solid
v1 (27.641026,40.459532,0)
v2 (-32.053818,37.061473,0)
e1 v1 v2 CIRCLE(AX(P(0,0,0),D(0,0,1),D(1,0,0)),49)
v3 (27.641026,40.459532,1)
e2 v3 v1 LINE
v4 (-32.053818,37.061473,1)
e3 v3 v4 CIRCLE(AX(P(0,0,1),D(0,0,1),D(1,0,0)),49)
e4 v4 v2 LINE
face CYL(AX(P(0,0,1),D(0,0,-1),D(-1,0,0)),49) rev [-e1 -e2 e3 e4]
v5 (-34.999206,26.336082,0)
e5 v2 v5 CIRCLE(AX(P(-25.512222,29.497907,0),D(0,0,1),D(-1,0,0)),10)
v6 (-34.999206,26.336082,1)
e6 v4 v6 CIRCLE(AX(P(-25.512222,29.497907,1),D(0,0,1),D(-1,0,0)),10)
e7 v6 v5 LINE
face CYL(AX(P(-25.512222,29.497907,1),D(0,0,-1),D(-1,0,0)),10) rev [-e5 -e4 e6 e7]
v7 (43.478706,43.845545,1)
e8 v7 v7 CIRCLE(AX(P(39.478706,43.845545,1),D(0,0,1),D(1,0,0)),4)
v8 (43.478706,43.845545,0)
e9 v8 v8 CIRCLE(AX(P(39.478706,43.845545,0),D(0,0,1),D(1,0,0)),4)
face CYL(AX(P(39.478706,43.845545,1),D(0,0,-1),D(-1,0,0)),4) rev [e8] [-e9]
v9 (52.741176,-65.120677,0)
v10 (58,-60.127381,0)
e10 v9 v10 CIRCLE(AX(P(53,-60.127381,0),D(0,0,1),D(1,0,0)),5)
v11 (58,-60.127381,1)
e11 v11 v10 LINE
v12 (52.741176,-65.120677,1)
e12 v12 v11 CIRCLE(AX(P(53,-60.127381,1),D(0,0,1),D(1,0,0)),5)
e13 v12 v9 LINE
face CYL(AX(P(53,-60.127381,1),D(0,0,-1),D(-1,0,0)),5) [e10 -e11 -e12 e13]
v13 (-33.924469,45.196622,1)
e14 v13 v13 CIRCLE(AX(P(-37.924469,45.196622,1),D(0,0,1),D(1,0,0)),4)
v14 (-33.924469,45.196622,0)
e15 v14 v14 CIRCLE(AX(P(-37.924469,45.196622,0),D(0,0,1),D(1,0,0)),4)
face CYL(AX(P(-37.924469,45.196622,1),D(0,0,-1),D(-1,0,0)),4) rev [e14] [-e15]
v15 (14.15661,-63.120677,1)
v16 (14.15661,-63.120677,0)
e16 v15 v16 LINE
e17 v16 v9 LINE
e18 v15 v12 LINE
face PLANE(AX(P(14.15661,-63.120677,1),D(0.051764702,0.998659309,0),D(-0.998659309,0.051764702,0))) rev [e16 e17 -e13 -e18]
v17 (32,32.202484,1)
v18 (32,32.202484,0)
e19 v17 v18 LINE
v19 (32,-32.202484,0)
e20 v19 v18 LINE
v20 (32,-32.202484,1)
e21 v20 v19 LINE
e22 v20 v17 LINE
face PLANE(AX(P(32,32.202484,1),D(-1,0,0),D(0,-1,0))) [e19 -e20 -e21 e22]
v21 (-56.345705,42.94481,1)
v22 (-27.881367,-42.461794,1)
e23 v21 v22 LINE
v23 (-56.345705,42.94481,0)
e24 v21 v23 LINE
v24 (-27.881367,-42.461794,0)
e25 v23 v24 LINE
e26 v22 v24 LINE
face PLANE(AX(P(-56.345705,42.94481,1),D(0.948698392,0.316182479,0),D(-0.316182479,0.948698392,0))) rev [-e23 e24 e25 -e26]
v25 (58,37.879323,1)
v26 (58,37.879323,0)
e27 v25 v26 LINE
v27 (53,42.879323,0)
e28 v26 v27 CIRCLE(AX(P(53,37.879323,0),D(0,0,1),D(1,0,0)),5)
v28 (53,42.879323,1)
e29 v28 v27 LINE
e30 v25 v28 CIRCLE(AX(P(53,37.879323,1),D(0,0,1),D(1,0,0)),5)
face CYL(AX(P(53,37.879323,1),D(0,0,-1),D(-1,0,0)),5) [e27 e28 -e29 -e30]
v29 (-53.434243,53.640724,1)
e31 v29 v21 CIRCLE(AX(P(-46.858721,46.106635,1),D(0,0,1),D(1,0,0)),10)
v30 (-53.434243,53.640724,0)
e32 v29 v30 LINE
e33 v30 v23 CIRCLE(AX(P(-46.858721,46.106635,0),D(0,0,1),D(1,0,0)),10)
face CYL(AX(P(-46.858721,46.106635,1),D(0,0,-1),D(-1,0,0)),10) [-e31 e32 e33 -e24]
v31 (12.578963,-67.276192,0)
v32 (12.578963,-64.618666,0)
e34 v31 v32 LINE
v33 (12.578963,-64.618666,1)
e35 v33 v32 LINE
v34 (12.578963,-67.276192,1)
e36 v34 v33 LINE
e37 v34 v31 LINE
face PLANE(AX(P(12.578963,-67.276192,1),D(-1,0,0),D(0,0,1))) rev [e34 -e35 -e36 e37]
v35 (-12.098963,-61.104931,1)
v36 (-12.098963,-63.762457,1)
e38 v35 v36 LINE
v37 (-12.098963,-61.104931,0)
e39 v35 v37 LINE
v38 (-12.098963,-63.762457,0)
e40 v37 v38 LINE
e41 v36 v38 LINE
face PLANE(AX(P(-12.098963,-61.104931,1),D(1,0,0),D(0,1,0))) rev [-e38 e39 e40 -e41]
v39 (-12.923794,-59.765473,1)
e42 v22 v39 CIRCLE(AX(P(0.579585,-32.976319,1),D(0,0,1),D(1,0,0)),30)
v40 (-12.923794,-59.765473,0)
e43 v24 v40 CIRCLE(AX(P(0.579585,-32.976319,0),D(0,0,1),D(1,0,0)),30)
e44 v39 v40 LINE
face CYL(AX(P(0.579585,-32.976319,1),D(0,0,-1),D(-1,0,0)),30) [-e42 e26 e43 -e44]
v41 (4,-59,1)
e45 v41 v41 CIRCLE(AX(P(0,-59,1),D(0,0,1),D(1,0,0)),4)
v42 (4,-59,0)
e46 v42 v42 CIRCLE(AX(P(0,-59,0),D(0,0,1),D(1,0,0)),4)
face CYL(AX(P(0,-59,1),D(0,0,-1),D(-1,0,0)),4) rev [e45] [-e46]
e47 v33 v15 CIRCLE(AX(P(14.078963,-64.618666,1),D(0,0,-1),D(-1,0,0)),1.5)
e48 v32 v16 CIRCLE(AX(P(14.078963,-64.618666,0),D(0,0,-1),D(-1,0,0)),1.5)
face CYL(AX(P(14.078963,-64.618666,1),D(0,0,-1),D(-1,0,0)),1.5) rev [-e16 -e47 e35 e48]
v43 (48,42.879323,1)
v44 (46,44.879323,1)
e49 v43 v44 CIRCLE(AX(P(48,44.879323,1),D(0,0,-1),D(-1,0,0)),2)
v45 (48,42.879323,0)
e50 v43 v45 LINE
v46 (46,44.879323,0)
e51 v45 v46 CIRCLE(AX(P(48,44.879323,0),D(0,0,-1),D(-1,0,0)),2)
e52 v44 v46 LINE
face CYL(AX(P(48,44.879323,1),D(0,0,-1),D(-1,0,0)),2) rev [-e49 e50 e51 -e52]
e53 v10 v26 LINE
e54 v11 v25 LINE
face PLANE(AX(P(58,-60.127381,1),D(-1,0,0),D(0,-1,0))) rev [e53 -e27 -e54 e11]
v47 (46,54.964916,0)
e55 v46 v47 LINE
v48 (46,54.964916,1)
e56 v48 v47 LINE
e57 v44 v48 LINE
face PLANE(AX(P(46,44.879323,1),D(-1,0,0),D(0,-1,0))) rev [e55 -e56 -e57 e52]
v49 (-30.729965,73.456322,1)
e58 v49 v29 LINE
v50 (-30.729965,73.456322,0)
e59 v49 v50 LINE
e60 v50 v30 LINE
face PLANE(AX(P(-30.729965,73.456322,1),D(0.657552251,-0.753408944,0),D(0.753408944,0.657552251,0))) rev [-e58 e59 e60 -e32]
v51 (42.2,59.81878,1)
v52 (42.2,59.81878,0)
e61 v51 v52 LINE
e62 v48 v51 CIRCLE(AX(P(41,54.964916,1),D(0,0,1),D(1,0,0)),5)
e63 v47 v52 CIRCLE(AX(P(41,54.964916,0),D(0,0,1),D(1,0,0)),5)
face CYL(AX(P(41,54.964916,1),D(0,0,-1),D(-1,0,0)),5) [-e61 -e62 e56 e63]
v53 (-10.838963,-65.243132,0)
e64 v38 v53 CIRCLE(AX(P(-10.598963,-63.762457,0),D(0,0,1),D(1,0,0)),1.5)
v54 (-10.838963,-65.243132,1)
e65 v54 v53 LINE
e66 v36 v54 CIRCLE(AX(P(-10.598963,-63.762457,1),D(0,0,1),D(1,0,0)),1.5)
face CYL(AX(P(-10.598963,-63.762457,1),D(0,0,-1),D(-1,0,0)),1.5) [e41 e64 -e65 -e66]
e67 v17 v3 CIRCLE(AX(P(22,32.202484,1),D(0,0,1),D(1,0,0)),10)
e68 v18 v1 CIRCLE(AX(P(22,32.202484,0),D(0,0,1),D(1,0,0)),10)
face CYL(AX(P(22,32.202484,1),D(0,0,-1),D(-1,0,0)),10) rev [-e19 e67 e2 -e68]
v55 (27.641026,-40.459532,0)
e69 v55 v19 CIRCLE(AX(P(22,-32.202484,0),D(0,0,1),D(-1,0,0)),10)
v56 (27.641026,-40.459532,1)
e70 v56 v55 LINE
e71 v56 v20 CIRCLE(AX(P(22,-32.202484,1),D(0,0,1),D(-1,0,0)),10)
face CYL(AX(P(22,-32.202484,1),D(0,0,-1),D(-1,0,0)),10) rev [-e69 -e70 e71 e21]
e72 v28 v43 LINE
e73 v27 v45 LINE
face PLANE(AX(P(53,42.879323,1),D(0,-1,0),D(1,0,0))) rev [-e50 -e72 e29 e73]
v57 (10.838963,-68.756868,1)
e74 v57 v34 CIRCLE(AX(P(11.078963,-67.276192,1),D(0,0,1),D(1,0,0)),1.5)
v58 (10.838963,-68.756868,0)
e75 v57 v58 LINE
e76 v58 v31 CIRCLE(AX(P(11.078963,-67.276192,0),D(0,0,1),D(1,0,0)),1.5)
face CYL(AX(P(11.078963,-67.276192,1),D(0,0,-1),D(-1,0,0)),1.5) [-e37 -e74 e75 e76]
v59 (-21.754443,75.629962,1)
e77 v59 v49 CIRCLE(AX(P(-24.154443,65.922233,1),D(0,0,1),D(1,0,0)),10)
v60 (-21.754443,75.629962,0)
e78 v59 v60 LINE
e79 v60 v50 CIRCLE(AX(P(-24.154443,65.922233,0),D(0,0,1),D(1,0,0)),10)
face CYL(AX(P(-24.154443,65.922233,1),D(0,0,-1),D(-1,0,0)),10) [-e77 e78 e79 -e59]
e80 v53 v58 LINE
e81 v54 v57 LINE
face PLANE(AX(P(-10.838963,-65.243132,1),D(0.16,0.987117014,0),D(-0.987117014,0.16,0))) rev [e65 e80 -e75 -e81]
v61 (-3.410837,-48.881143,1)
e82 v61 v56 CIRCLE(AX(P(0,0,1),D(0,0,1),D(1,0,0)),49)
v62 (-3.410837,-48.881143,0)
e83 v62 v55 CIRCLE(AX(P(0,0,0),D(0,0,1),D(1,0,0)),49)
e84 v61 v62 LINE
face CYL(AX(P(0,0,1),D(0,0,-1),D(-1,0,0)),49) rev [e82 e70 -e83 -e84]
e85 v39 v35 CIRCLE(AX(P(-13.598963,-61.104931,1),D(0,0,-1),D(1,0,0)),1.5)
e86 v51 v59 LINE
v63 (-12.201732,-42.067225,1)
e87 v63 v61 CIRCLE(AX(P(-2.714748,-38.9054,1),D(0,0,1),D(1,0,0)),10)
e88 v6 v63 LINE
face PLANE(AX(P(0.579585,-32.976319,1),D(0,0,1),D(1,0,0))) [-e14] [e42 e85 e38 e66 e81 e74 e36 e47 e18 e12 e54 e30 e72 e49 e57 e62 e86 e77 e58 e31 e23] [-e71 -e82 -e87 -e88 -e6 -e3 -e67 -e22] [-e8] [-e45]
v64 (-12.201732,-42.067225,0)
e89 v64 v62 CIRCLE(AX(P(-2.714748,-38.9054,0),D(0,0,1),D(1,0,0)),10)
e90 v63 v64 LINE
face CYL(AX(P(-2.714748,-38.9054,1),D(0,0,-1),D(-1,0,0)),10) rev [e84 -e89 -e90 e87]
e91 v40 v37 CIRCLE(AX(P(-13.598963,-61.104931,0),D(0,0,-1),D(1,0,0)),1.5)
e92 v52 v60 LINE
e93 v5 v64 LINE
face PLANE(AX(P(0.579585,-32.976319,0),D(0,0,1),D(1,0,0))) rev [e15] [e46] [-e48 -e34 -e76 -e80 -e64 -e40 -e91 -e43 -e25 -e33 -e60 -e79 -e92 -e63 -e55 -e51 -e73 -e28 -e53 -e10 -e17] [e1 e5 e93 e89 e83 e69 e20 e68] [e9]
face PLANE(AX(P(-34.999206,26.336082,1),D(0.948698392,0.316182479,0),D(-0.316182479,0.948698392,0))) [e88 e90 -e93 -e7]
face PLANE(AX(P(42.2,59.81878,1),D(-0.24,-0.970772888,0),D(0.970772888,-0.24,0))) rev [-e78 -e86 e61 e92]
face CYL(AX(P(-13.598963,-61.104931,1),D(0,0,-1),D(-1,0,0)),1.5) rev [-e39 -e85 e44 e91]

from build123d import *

# Parameters (mm, degrees)
SKETCH1_R         = 4
BUMPER_LINK_DEPTH = 1


with BuildPart() as part:
    # Sketch1 → Bumper link (new body)
    with BuildSketch(Plane.XY):
        with BuildLine():
            Line((-12.098962679, -61.104930733), (-12.098962679, -63.762456748))
            ThreePointArc((-12.098962679, -63.762456748), (-11.741328645, -64.734567853), (-10.838962679, -65.24313227))
            Line((-10.838962679, -65.24313227), (10.838962679, -68.75686773))
            ThreePointArc((10.838962679, -68.75686773), (12.051073784, -68.418558175), (12.578962679, -67.276192209))
            Line((12.578962679, -67.276192209), (12.578962679, -64.618666193))
            ThreePointArc((12.578962679, -64.618666193), (13.046119656, -63.530900001), (14.156609733, -63.12067723))
            Line((14.156609733, -63.12067723), (52.741176488, -65.12067723))
            ThreePointArc((52.741176488, -65.12067723), (56.442810076, -63.753267994), (58, -60.127380685))
            Line((58, -60.127380685), (58, 37.87932277))
            ThreePointArc((58, 37.87932277), (56.535533906, 41.414856676), (53, 42.87932277))
            Line((53, 42.87932277), (48, 42.87932277))
            ThreePointArc((48, 42.87932277), (46.585786438, 43.465109208), (46, 44.87932277))
            Line((46, 44.87932277), (46, 54.964915964))
            ThreePointArc((46, 54.964915964), (44.937003937, 58.047122965), (42.2, 59.818780404))
            Line((42.2, 59.818780404), (-21.754442807, 75.629961849))
            ThreePointArc((-21.754442807, 75.629961849), (-26.508147155, 75.641290323), (-30.729965317, 73.456322411))
            Line((-30.729965317, 73.456322411), (-53.434243128, 53.640724128))
            ThreePointArc((-53.434243128, 53.640724128), (-56.507641468, 48.733101216), (-56.345704543, 42.944809895))
            Line((-56.345704543, 42.944809895), (-27.881366602, -42.461793678))
            ThreePointArc((-27.881366602, -42.461793678), (-22.11635262, -52.595045251), (-12.923793734, -59.765473046))
            ThreePointArc((-12.923793734, -59.765473046), (-12.321709099, -60.318404642), (-12.098962679, -61.104930733))
        make_face()
        with Locations((0, -59)):
            Circle(SKETCH1_R, mode=Mode.SUBTRACT)
        with Locations((-37.924468972, 45.196622144)):
            Circle(SKETCH1_R, mode=Mode.SUBTRACT)
        with Locations((39.478705775, 43.845544703)):
            Circle(SKETCH1_R, mode=Mode.SUBTRACT)
        with BuildLine():
            Line((32, 32.202484376), (32, -32.202484376))
            ThreePointArc((32, -32.202484376), (30.843366339, -36.870982185), (27.641025641, -40.459531652))
            ThreePointArc((27.641025641, -40.459531652), (12.8260046, -47.291580709), (-3.410837238, -48.881143495))
            ThreePointArc((-3.410837238, -48.881143495), (-8.84101253, -46.809125817), (-12.201731931, -42.067224715))
            Line((-12.201731931, -42.067224715), (-34.999206163, 26.336082194))
            ThreePointArc((-34.999206163, 26.336082194), (-35.155216611, 32.146049637), (-32.053817683, 37.061472879))
            ThreePointArc((-32.053817683, 37.061472879), (-2.784759282, 48.920804529), (27.641025641, 40.459531652))
            ThreePointArc((27.641025641, 40.459531652), (30.843366339, 36.870982185), (32, 32.202484376))
        make_face(mode=Mode.SUBTRACT)
    extrude(amount=BUMPER_LINK_DEPTH)


solid = part.part
